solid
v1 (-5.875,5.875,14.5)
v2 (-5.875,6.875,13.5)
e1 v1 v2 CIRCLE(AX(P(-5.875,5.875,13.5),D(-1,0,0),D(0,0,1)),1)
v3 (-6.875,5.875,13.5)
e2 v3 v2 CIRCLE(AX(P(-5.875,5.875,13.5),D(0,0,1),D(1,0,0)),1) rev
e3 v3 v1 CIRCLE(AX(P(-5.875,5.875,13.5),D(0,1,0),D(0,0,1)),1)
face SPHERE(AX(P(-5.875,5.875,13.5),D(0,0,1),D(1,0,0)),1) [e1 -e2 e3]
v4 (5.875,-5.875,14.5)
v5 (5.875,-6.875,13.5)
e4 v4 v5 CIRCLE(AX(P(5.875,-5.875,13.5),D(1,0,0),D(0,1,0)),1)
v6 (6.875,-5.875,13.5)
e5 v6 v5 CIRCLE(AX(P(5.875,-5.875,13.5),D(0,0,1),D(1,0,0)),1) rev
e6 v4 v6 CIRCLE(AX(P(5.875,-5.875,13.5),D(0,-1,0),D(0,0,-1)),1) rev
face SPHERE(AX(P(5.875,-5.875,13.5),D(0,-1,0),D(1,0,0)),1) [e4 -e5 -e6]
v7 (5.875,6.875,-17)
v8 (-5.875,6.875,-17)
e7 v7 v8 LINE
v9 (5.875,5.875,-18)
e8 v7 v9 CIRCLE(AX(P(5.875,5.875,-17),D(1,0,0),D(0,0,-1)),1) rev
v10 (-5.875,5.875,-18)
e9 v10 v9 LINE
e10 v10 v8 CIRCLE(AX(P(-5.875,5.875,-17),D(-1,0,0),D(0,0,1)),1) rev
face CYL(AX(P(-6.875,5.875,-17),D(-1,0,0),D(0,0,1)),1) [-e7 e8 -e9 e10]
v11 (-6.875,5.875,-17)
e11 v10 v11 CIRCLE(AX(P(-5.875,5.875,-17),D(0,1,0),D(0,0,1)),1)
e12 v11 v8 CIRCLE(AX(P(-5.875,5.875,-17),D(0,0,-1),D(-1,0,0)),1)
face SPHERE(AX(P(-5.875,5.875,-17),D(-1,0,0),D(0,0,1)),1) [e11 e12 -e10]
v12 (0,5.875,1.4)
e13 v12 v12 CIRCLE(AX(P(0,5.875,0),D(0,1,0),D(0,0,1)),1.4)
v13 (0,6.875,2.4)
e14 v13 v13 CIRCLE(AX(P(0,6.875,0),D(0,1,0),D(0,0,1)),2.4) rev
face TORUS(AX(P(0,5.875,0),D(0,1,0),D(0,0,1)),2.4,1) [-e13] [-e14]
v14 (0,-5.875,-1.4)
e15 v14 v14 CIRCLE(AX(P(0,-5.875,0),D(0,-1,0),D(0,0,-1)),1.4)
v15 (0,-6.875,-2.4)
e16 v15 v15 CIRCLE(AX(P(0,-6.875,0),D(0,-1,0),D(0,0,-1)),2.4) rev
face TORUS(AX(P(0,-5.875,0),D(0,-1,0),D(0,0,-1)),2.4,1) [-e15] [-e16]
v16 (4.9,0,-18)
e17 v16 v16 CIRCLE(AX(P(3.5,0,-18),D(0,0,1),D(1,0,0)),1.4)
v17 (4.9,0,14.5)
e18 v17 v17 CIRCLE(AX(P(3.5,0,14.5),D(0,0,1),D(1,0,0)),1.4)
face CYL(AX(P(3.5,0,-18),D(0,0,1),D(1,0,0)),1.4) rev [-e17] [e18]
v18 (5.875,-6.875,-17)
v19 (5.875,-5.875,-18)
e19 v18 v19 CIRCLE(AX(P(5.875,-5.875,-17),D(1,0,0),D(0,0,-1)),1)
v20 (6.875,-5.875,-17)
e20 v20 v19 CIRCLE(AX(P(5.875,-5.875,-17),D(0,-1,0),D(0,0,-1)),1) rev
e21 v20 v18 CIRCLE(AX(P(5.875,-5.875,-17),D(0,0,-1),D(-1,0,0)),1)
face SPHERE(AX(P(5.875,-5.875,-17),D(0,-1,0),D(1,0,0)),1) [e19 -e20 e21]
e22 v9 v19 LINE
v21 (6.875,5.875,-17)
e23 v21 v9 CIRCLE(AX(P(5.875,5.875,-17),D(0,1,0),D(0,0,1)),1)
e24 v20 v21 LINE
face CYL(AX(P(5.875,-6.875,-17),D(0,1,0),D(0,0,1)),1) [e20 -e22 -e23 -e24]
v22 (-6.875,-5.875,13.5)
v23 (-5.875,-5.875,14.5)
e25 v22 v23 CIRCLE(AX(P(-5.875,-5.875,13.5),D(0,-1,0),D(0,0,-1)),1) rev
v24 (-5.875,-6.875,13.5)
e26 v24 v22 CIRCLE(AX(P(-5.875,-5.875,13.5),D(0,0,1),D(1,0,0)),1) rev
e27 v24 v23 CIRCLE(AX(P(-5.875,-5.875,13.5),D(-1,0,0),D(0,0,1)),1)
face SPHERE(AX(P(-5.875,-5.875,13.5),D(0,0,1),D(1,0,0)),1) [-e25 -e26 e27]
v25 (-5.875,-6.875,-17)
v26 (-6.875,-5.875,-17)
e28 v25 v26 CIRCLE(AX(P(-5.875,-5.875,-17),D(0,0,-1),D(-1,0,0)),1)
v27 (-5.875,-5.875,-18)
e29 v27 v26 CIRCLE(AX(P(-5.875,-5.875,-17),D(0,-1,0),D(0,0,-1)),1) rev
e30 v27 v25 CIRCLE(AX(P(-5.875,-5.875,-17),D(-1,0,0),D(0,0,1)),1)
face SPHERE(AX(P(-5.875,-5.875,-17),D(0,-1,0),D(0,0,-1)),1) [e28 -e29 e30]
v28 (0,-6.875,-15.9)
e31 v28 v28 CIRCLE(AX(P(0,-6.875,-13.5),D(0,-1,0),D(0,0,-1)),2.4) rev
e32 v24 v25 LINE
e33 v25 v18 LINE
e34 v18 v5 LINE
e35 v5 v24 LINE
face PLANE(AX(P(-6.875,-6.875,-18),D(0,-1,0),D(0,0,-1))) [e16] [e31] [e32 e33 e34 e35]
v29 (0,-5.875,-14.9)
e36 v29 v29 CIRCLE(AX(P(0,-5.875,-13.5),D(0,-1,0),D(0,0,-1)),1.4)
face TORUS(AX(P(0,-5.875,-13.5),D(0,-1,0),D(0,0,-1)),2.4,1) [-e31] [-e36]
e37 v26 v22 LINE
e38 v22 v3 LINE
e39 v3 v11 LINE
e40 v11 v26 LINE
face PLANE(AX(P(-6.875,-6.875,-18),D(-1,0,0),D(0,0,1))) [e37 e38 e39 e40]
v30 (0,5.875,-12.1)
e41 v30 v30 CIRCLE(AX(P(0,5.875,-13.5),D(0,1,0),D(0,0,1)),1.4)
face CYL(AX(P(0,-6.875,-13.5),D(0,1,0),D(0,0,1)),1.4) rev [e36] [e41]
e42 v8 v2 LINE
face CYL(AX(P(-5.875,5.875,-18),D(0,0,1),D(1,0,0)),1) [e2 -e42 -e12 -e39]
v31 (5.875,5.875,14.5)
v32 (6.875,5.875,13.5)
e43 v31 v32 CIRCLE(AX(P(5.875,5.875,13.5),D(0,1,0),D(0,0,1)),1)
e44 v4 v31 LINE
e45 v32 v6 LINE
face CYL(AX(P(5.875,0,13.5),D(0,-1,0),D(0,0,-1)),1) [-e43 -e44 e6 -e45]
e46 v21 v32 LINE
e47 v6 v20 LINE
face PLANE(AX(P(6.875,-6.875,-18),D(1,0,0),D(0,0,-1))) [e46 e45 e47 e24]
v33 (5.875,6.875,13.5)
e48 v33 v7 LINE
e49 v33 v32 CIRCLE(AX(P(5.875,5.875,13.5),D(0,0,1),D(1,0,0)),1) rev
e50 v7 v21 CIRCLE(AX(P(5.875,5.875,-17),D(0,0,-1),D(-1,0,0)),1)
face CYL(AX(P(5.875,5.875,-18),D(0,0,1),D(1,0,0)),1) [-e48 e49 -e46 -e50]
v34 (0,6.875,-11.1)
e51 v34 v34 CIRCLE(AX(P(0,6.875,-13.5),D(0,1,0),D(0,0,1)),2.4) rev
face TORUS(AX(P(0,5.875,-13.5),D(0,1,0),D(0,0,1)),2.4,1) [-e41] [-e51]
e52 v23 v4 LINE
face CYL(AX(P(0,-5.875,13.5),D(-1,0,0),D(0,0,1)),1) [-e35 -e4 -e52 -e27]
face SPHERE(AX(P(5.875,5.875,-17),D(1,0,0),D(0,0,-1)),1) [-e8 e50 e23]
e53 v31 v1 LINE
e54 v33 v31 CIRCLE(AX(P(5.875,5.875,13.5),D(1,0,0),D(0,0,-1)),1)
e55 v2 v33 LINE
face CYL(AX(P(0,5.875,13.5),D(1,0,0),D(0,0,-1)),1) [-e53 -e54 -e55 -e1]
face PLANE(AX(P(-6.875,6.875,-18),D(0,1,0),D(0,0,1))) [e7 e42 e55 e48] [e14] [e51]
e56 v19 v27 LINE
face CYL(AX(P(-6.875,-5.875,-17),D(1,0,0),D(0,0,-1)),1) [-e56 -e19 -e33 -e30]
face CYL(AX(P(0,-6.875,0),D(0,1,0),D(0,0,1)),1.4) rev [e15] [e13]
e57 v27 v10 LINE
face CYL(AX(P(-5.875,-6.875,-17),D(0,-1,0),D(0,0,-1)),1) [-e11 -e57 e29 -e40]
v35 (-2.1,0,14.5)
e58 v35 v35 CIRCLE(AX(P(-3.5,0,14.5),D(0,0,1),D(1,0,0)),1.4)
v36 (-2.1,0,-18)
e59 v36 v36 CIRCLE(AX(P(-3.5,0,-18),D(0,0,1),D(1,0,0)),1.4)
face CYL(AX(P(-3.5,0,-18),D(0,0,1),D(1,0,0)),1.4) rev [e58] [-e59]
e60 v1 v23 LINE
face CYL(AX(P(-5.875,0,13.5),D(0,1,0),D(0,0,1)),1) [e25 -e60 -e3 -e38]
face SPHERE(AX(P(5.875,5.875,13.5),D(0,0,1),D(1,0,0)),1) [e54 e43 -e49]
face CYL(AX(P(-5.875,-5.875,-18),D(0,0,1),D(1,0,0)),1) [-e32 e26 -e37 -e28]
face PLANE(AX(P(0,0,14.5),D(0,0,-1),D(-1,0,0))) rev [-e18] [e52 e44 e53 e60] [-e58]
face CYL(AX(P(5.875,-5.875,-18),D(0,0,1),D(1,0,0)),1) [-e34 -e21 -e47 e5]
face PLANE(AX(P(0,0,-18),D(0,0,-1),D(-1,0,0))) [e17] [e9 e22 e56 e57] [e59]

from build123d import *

# Parameters (mm, degrees)
BOSS_EXTRUDE1_DEPTH      = 14.5
BOSS_EXTRUDE1_DEPTH_BACK = 18
SKETCH1_W                = 13.75
SKETCH1_H                = 13.75
CUT_EXTRUDE1_DEPTH       = 21.458036318
CUT_EXTRUDE1_DEPTH_BACK  = 21.458036318
SKETCH2_R                = 1.4
FILLET1_R                = 1
FILLET2_R                = 1
SKETCH3_R                = 1.4
CUT_EXTRUDE2_DEPTH       = 34.923166863


with BuildPart() as part:
    # Sketch1 → Boss-Extrude1 (new, two sides: drawn at the far end of the back side and taken through both)
    with BuildSketch(Plane.XY.offset(-BOSS_EXTRUDE1_DEPTH_BACK)):
        Rectangle(SKETCH1_W, SKETCH1_H)
    extrude(amount=BOSS_EXTRUDE1_DEPTH + BOSS_EXTRUDE1_DEPTH_BACK)

    # Sketch2 → Cut-Extrude1 (cut, two sides: drawn at the far end of the back side and taken through both)
    with BuildSketch(Plane(origin=(0, 0, 0), x_dir=(1, 0, 0), z_dir=(0, 1, 0)).offset(-CUT_EXTRUDE1_DEPTH_BACK)):
        with Locations(Location((0, 0, 0), (0, 0, 270))):
            Circle(SKETCH2_R)
        with Locations(Location((0, 13.5, 0), (0, 0, 270))):
            Circle(SKETCH2_R)
    extrude(amount=CUT_EXTRUDE1_DEPTH + CUT_EXTRUDE1_DEPTH_BACK, mode=Mode.SUBTRACT)

    # Fillet1
    fillet1_edges = [part.edges().sort_by_distance(p)[0] for p in [
        (6.875, 0, 14.5),
        (-6.875, 0, -18),
        (0, 6.875, 14.5),
        (-6.875, 0, 14.5),
        (0, -6.875, 14.5),
        (0, -6.875, -18),
        (6.875, 0, -18),
        (6.875, -6.875, -1.75),
        (-6.875, -6.875, -1.75),
        (-6.875, 6.875, -1.75),
        (6.875, 6.875, -1.75),
        (0, 6.875, -18),
    ]]
    fillet(fillet1_edges, radius=FILLET1_R)

    # Fillet2
    fillet2_edges = [part.edges().sort_by_distance(p)[0] for p in [
        (0, -6.875, -1.4),
        (0, 6.875, -1.4),
        (0, -6.875, -14.9),
        (0, 6.875, -14.9),
    ]]
    fillet(fillet2_edges, radius=FILLET2_R)

    # Sketch3 → Cut-Extrude2 (cut, through all)
    with BuildSketch(Plane.XY.offset(14.5)):
        with Locations((-3.5, 0)):
            Circle(SKETCH3_R)
        with Locations((3.5, 0)):
            Circle(SKETCH3_R)
    extrude(amount=-CUT_EXTRUDE2_DEPTH, mode=Mode.SUBTRACT)


solid = part.part
